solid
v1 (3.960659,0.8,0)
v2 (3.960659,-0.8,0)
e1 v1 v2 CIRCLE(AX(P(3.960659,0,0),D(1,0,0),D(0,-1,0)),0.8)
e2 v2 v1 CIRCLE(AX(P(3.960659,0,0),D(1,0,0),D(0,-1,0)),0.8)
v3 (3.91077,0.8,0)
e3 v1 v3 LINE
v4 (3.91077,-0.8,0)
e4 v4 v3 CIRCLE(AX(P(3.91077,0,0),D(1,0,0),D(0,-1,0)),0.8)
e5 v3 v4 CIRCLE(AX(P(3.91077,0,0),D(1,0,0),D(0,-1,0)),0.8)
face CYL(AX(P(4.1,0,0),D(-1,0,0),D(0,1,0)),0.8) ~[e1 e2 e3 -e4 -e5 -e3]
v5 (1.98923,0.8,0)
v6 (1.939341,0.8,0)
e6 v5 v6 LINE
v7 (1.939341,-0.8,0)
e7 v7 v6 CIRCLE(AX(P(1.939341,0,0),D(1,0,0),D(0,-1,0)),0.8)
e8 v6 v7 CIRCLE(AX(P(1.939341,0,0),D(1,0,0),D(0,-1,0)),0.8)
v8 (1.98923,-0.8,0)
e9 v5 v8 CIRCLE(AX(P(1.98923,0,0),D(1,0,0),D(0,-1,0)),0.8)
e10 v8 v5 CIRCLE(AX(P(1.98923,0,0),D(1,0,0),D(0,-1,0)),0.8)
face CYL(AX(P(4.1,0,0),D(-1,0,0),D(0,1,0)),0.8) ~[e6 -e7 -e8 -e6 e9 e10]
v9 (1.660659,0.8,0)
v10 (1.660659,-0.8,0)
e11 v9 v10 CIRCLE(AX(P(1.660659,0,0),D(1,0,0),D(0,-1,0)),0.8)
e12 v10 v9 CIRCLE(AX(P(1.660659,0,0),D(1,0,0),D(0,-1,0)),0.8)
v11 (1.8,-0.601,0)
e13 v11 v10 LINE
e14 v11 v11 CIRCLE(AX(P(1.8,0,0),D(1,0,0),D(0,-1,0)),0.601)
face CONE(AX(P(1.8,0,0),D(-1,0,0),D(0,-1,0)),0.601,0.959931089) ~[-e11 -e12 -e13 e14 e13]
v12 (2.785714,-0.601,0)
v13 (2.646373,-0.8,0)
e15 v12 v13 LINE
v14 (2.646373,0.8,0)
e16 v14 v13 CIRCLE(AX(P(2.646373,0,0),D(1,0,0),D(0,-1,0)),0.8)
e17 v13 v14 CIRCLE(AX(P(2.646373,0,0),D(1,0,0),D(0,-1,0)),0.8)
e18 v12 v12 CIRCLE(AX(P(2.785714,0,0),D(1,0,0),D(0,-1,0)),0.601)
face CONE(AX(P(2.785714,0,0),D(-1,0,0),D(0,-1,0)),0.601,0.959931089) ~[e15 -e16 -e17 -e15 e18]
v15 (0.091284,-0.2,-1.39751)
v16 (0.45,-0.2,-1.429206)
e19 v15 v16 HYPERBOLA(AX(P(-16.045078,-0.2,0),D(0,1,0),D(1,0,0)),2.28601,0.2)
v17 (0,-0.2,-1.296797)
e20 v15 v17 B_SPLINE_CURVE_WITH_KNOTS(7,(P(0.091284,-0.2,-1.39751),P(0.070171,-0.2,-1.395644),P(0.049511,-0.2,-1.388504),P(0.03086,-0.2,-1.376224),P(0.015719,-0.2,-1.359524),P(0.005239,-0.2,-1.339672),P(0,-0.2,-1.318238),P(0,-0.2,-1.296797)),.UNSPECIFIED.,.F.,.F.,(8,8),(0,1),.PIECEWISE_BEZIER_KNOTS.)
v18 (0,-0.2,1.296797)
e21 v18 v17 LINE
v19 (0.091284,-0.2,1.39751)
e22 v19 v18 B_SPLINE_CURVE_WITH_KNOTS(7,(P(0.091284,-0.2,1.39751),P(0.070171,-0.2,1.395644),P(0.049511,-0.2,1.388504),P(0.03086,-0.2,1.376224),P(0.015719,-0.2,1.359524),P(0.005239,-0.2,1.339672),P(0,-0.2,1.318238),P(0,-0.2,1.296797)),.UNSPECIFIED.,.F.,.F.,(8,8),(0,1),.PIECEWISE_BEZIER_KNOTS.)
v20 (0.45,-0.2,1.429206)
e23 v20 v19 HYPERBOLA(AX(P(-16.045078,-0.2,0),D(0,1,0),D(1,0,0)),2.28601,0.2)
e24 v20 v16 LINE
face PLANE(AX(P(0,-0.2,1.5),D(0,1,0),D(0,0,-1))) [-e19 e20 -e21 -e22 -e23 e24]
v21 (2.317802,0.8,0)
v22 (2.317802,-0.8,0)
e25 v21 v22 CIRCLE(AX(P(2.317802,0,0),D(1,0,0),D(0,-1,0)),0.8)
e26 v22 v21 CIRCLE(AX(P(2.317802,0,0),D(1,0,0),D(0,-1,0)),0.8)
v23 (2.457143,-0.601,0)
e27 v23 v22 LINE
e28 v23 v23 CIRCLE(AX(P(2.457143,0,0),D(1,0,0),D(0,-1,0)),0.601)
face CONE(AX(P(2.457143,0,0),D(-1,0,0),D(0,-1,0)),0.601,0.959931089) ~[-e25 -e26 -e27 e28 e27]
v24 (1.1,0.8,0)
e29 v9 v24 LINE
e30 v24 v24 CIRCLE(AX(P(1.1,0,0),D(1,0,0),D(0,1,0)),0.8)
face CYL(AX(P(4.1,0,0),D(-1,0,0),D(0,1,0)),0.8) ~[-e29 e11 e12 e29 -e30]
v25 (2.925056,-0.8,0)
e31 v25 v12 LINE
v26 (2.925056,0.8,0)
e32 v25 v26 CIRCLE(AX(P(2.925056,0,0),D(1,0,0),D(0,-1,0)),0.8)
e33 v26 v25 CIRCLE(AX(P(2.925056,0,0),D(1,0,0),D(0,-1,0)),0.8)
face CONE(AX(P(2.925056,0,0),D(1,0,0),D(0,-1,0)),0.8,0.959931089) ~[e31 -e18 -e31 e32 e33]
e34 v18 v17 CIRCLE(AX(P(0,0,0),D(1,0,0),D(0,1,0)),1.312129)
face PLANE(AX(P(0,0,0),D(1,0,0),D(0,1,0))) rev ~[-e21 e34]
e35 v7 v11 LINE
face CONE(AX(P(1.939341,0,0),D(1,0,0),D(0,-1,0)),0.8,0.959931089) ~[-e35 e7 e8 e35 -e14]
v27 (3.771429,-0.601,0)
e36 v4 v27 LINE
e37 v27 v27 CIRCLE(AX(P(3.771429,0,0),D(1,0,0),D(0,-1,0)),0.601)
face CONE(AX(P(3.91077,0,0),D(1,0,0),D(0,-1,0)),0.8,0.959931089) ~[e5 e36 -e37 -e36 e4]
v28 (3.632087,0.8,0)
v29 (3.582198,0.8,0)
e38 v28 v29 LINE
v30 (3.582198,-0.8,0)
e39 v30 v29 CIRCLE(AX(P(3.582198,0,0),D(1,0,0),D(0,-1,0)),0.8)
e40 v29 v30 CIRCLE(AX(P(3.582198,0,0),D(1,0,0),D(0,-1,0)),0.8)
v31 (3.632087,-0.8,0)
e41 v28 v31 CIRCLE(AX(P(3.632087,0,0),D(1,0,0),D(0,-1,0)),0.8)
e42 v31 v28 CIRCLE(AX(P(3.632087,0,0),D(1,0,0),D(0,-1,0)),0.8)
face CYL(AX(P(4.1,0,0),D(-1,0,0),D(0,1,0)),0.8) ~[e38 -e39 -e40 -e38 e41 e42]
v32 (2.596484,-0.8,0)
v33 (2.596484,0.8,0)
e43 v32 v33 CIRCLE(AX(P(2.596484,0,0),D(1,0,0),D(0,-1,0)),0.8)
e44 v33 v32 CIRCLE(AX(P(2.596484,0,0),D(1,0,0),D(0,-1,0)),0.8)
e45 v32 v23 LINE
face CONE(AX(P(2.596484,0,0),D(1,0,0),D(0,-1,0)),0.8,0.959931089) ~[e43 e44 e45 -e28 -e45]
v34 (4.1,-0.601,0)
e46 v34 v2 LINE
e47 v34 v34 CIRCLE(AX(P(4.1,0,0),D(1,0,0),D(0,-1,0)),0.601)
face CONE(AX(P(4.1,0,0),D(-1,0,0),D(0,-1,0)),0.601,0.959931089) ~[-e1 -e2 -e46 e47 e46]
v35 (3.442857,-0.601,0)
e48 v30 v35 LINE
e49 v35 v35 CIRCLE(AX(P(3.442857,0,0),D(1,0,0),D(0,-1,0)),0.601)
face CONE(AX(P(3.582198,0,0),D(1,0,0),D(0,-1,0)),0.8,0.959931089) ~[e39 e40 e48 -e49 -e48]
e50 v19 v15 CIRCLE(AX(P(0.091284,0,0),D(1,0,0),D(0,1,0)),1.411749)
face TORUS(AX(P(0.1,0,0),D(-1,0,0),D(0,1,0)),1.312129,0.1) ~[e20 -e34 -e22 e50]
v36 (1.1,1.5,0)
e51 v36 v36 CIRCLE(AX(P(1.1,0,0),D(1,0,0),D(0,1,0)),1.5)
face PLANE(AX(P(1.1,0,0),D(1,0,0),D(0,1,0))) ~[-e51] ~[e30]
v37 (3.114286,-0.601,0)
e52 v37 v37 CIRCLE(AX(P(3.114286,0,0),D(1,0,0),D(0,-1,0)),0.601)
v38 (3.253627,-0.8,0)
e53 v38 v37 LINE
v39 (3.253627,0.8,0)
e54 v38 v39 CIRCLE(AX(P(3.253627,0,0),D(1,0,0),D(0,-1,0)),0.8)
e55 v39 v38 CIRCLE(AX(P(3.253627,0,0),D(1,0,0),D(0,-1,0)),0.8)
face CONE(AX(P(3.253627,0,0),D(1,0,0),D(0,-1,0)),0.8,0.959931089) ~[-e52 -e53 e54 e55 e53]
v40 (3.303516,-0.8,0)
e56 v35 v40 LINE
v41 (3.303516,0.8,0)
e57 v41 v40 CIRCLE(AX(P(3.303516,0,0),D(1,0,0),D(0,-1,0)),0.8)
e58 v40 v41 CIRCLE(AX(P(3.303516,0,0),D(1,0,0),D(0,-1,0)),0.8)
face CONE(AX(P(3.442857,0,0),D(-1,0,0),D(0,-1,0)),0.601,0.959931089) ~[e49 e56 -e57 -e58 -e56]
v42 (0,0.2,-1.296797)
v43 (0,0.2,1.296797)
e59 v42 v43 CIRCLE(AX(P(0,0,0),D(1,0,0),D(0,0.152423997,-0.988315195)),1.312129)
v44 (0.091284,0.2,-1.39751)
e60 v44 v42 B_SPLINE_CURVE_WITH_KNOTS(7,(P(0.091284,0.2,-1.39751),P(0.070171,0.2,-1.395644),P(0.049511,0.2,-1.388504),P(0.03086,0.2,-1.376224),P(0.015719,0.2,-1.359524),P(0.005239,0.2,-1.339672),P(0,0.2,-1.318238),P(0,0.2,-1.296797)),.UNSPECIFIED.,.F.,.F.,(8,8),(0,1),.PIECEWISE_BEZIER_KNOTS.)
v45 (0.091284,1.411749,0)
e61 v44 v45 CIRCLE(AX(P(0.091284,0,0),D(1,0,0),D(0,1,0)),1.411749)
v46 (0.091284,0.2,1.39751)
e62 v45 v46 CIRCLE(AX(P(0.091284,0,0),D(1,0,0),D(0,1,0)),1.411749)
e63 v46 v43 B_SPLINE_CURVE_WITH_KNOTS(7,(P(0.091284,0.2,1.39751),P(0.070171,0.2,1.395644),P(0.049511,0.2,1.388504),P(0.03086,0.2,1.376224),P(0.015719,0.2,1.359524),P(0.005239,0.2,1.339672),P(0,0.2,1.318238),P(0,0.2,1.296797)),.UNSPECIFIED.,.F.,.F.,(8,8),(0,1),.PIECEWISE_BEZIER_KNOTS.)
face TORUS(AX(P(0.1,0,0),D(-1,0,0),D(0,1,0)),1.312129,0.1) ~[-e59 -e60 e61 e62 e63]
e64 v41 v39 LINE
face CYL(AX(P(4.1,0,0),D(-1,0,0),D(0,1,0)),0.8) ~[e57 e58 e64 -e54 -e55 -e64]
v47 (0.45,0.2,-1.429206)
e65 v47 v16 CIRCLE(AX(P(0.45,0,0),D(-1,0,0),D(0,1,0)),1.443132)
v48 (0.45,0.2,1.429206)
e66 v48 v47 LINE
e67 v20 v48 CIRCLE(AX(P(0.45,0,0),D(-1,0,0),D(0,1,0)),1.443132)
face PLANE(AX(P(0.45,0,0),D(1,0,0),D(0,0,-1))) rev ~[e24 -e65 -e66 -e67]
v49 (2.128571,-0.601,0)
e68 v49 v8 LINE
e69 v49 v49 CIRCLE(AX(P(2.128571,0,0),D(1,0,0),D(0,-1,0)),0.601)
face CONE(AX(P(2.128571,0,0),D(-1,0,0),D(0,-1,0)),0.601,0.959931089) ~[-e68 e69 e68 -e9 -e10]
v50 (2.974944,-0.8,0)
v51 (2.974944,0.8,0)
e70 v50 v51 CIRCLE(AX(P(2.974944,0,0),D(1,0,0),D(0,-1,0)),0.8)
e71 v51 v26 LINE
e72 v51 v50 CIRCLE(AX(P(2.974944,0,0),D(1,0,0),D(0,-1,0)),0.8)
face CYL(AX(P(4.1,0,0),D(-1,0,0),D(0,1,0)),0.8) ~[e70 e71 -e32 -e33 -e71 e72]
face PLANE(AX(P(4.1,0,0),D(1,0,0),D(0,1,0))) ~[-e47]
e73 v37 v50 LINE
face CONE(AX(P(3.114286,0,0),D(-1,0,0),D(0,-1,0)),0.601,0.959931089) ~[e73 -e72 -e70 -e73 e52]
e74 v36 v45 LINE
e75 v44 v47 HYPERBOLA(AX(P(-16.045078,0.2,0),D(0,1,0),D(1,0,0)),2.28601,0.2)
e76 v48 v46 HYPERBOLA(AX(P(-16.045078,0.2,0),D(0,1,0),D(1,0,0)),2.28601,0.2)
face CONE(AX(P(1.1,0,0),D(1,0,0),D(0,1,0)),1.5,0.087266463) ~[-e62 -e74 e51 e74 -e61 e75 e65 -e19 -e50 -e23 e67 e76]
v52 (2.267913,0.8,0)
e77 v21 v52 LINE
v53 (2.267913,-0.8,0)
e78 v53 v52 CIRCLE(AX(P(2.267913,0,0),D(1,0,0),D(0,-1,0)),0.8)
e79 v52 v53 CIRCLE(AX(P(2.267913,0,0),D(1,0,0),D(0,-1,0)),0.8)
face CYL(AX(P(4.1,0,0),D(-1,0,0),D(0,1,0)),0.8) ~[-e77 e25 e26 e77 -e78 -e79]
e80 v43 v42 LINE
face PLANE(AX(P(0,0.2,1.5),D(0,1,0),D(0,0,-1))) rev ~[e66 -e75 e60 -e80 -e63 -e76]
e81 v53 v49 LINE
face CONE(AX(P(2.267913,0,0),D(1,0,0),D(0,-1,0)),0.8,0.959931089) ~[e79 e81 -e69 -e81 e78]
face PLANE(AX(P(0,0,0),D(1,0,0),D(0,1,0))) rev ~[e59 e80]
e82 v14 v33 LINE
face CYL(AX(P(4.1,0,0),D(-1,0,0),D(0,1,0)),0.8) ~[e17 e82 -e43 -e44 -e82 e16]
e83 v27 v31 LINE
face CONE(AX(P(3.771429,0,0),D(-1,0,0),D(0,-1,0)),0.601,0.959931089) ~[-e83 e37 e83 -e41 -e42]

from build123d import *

# Parameters (mm, degrees)
FILLET2_R       = 0.1
SKETCH2_W       = 3
SKETCH2_H       = 0.4
SLOT_DEPTH      = 0.45
THDSCHPAT_COUNT = 8
THDSCHPAT_PITCH = 0.328571429


with BuildPart() as part:
    # BodySke → Base-Revolve (revolve)
    with BuildSketch(Plane.XY):
        Polygon((1.1, 0.8), (1.1, 1.5), (0, 1.40376247), (0, 0), (4.1, 0), (4.1, 0.8), align=None)
    revolve(axis=Axis((-25.4, 0, 0), (1, 0, 0)))

    # Fillet2
    fillet2_edges = [part.edges().sort_by_distance(p)[0] for p in [
        (0, -1.40376247, 0),
    ]]
    fillet(fillet2_edges, radius=FILLET2_R)

    # Sketch2 → Slot (cut)
    with BuildSketch(Plane(origin=(0, 0, 0), x_dir=(0, 0, -1), z_dir=(1, 0, 0))):
        Rectangle(SKETCH2_W, SKETCH2_H)
    extrude(amount=SLOT_DEPTH, mode=Mode.SUBTRACT)

    # ThdSchSke → ThreadSchematic (revolve, cut)
    with BuildSketch(Plane.XY):
        Polygon((1.8, -0.601), (1.6606587, -0.8), (1.6606587, -1), (1.9393413, -1), (1.9393413, -0.8), align=None)
    threadschematic = revolve(axis=Axis((-3.175, 0, 0), (1, 0, 0)), mode=Mode.SUBTRACT)

    # ThdSchPat: ThreadSchematic ×8
    with Locations(*[(i * THDSCHPAT_PITCH, 0, 0) for i in range(1, THDSCHPAT_COUNT)]):
        add(threadschematic, mode=Mode.SUBTRACT)


solid = part.part
